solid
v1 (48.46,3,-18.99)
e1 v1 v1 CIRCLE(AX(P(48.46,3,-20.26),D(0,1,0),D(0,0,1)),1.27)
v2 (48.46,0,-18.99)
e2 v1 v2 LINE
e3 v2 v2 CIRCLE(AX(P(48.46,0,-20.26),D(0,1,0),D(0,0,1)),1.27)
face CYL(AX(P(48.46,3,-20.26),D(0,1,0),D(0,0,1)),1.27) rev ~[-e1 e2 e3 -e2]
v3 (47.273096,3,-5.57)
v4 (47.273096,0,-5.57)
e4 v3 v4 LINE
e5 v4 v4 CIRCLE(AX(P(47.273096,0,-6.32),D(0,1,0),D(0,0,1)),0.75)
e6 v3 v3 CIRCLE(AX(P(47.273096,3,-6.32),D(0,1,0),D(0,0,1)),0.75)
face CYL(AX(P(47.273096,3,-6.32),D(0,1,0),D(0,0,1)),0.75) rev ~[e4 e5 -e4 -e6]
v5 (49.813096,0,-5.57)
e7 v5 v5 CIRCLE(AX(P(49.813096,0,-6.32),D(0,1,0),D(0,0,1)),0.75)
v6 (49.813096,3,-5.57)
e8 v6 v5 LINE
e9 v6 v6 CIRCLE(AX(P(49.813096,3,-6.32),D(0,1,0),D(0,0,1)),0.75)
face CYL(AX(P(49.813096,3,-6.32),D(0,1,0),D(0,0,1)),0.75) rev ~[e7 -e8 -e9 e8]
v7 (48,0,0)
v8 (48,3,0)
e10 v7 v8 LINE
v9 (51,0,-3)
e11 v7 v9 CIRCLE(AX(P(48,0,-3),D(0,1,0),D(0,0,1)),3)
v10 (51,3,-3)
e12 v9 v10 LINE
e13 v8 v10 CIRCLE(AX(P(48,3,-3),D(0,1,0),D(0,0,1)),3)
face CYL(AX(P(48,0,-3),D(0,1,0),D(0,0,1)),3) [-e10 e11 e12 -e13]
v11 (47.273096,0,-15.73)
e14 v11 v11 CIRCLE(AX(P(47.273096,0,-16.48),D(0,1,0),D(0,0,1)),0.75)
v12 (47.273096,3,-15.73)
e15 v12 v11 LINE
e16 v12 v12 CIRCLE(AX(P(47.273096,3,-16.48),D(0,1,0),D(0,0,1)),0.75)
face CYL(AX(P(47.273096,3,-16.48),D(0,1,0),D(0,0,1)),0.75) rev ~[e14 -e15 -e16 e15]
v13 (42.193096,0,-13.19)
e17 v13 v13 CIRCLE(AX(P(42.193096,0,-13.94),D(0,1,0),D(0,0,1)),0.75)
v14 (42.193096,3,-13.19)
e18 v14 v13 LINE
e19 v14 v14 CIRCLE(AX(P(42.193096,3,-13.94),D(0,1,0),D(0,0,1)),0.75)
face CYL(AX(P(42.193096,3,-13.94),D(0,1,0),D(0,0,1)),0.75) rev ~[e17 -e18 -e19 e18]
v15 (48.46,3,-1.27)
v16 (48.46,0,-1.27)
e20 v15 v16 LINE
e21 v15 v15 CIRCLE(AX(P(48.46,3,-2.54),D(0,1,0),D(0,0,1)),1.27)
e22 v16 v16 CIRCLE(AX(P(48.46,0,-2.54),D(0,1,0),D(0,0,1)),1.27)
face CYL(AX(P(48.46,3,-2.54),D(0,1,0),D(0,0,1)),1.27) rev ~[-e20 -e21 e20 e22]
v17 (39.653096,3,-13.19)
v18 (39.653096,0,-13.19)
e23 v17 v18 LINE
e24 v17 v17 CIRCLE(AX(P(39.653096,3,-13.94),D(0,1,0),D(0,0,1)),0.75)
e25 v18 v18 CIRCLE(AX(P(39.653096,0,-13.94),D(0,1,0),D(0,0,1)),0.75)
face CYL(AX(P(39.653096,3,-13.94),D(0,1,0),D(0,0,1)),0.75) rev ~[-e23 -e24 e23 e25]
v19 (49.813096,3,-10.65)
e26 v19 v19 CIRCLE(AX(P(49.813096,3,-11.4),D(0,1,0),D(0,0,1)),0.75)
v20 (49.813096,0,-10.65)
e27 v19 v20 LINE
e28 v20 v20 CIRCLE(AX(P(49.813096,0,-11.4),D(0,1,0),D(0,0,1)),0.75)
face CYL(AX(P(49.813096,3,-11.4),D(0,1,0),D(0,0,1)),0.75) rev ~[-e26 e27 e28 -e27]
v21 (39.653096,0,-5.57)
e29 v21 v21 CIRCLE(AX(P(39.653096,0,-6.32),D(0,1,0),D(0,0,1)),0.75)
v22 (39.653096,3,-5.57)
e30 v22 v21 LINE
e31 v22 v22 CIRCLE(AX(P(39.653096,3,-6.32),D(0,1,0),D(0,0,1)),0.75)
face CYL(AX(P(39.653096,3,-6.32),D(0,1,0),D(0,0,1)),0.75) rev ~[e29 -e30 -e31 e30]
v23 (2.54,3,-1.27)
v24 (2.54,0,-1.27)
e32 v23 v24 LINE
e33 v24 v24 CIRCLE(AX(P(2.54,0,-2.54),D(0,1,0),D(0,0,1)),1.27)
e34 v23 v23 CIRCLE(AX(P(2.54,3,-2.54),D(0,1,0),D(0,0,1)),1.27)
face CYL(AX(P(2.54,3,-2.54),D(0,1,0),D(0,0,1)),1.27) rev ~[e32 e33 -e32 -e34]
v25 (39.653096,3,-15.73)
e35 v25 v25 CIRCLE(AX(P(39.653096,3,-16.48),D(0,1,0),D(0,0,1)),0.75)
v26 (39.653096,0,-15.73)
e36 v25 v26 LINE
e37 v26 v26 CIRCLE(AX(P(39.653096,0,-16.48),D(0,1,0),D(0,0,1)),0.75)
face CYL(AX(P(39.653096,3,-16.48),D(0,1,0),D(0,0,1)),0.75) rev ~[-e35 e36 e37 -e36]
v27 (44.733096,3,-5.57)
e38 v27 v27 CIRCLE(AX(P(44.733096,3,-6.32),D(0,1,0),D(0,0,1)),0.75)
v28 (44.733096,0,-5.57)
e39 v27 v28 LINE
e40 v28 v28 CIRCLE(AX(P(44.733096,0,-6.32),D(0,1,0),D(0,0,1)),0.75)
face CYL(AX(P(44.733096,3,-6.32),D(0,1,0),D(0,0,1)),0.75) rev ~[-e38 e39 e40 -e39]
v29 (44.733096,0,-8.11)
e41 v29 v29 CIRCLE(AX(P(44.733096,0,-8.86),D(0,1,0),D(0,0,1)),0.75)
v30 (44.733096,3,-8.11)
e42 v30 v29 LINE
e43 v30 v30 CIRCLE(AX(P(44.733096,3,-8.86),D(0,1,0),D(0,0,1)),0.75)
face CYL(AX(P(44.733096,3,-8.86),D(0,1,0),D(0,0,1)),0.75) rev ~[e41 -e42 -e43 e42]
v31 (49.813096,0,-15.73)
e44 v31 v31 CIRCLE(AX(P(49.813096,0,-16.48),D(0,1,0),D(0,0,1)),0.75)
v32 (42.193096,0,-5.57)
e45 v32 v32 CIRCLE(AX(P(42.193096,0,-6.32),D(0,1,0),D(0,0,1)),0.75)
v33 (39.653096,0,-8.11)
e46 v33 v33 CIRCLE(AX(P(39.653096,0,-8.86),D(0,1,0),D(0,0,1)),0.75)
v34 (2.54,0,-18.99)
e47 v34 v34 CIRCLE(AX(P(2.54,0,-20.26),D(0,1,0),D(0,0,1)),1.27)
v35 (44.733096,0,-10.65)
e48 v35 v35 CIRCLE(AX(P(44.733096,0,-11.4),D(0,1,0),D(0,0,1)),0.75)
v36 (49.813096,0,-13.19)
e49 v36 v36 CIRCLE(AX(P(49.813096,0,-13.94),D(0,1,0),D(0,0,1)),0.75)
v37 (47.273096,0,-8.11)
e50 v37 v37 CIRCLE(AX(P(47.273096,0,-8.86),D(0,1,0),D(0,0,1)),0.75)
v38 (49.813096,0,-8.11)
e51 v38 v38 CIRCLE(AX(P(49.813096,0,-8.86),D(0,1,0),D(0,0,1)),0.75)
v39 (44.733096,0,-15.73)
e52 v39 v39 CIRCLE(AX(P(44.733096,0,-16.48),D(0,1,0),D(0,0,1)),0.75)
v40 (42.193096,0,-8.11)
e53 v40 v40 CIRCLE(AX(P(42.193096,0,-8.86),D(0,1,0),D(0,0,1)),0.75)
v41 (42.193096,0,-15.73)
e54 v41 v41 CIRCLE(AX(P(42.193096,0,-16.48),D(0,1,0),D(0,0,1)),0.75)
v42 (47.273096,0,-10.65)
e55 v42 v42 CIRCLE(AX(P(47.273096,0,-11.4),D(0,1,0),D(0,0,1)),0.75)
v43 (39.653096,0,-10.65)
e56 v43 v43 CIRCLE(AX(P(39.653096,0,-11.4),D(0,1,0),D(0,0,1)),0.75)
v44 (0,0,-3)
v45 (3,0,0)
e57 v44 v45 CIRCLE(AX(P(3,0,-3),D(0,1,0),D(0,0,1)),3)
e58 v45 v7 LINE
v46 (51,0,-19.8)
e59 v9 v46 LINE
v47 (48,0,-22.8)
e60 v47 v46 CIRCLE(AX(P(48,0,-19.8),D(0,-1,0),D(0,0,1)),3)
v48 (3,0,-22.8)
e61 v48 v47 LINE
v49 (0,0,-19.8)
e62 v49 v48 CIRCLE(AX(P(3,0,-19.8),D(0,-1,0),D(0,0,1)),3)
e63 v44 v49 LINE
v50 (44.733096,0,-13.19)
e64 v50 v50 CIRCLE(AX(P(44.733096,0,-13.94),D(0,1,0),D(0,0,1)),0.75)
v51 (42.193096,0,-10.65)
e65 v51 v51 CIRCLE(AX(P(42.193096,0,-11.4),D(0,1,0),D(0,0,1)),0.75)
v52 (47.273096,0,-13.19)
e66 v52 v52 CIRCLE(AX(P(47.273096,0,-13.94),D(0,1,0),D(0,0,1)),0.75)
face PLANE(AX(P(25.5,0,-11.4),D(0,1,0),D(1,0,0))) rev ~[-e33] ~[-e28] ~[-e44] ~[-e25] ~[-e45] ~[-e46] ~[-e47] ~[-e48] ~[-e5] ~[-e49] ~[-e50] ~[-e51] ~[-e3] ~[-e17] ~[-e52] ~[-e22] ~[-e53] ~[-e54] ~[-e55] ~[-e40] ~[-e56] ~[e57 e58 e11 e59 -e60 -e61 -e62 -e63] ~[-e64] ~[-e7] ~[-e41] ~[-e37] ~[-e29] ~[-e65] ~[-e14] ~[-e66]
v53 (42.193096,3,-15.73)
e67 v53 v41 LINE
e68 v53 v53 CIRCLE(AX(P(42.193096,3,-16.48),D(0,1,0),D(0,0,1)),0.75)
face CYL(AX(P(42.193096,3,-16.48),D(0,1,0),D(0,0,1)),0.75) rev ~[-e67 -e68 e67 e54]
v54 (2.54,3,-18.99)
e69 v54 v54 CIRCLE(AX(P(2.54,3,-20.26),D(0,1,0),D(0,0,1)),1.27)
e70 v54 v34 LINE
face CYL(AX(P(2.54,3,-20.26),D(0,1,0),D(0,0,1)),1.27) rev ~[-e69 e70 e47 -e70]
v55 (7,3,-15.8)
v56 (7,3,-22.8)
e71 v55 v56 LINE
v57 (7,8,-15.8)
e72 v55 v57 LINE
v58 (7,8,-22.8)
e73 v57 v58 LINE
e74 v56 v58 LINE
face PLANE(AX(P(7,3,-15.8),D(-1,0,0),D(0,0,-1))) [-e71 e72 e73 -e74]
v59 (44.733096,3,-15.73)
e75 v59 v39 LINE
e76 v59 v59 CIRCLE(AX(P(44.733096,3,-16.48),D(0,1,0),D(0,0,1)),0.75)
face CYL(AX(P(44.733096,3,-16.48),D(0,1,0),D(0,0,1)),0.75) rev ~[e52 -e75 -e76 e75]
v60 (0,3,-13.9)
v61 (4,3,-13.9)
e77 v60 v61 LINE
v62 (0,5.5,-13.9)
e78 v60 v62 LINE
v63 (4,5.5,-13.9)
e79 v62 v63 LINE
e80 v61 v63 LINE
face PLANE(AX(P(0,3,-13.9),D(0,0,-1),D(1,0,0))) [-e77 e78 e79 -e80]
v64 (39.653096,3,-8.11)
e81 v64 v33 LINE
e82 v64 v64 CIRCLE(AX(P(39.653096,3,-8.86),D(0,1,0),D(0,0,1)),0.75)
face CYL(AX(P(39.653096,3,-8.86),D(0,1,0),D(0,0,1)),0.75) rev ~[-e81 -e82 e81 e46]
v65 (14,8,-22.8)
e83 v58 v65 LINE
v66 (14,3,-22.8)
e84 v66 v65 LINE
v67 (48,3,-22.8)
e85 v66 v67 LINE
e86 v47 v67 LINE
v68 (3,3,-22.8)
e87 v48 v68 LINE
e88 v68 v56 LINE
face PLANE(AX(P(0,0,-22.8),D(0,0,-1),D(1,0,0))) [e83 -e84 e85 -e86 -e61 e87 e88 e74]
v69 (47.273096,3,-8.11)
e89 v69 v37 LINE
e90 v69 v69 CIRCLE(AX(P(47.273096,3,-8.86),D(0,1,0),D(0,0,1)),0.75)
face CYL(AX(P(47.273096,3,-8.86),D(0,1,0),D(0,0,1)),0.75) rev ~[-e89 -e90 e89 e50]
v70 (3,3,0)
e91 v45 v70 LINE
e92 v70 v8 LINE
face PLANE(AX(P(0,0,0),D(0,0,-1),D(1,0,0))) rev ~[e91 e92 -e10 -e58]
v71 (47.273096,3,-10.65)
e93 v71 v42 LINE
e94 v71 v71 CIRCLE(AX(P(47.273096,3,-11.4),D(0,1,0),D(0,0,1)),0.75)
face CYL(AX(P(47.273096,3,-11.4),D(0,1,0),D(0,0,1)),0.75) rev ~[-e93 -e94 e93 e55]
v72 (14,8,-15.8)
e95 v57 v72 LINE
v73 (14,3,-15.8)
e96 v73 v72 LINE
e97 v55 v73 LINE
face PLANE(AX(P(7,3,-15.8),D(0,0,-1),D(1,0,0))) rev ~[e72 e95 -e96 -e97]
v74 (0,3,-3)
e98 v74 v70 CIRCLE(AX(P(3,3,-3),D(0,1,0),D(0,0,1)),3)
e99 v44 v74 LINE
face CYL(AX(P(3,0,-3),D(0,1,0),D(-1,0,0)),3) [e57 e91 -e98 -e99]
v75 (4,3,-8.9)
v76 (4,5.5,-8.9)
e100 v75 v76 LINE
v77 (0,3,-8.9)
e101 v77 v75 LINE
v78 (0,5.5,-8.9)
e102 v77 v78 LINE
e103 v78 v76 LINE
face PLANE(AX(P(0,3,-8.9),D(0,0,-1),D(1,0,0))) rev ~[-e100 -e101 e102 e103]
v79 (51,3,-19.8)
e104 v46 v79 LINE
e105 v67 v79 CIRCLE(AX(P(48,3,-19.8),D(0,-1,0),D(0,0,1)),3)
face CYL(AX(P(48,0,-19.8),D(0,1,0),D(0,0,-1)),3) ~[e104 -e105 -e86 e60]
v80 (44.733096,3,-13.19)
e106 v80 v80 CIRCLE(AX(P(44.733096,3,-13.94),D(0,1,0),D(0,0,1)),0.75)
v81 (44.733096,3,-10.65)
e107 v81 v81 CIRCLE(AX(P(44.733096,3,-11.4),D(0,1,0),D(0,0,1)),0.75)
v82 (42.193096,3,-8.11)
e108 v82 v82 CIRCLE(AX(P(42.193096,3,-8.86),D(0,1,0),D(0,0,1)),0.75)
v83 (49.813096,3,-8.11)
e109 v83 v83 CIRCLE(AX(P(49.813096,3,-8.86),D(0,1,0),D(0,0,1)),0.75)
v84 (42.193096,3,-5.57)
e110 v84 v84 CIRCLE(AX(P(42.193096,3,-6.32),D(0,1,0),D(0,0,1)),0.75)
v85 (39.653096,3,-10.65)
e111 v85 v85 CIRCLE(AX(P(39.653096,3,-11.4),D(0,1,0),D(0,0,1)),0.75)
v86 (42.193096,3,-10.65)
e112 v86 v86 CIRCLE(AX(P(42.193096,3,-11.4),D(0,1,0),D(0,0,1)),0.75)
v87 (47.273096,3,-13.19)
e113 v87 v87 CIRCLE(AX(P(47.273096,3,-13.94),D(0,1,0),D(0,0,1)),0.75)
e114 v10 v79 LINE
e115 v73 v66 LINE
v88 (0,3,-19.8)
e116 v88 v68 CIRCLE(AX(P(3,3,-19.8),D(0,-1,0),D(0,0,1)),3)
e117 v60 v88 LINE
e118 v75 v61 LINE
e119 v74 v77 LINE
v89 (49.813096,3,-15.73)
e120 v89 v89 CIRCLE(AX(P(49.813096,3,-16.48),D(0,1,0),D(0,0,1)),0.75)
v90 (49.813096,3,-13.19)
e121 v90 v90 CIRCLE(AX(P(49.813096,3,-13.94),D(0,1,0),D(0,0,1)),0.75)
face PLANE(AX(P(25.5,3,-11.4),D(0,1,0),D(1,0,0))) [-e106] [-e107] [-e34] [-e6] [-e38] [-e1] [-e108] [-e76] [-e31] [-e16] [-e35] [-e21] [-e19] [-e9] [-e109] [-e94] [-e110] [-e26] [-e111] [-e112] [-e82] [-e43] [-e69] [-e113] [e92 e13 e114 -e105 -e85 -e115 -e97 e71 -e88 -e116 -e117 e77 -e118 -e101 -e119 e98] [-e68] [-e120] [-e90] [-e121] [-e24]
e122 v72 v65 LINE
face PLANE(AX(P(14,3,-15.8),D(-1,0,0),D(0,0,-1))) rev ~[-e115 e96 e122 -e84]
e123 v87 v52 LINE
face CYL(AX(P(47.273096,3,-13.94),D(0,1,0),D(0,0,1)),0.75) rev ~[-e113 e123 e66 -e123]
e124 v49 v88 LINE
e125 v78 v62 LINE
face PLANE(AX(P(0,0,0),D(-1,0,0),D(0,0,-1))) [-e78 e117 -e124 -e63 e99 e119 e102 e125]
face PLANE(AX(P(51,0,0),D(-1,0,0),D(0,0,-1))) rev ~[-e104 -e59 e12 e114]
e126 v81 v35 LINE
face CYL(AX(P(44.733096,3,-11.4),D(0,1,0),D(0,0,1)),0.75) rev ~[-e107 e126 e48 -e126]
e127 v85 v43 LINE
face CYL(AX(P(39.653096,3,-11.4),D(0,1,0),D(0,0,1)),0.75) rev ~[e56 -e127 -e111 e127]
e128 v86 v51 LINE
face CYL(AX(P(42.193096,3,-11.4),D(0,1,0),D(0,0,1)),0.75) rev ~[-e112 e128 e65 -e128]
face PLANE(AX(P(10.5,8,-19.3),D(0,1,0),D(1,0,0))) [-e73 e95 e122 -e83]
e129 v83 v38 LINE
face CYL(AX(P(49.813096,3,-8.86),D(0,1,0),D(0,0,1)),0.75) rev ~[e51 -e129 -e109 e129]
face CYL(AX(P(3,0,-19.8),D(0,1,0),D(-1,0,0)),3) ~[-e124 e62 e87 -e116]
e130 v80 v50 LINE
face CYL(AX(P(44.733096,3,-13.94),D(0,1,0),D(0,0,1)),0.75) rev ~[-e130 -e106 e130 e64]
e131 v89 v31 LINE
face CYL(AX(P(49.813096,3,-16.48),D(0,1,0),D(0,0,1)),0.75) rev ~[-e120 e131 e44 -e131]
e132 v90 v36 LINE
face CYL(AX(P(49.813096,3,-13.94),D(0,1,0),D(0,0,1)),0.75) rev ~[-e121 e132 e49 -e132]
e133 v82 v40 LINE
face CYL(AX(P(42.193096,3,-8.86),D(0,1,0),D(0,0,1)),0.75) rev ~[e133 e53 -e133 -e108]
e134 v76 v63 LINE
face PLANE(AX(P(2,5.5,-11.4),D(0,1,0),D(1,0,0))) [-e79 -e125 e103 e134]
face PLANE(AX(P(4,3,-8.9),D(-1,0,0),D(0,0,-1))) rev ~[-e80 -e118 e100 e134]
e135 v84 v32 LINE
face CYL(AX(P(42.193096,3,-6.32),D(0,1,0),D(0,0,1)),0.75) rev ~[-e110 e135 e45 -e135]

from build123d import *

# Parameters (mm, degrees)
SKETCH1_W           = 51
SKETCH1_H           = 22.8
BOSS_EXTRUDE1_DEPTH = 3
SKETCH2_W           = 4
SKETCH2_H           = 5
BOSS_EXTRUDE2_DEPTH = 2.5
SKETCH3_W           = 7
SKETCH3_H           = 7
BOSS_EXTRUDE3_DEPTH = 5
SKETCH4_R           = 1.27
CUT_EXTRUDE1_DEPTH  = 57.087788332
FILLET1_R           = 3
SKETCH5_R           = 0.75
CUT_EXTRUDE2_DEPTH  = 57.087788332


with BuildPart() as part:
    # Sketch1 → Boss-Extrude1 (new body)
    with BuildSketch(Plane(origin=(0, 0, 0), x_dir=(1, 0, 0), z_dir=(0, 1, 0))):
        with Locations((25.5, 11.4)):
            Rectangle(SKETCH1_W, SKETCH1_H)
    extrude(amount=BOSS_EXTRUDE1_DEPTH)

    # Sketch2 → Boss-Extrude2 (add)
    with BuildSketch(Plane(origin=(0, 3, 0), x_dir=(1, 0, 0), z_dir=(0, 1, 0))):
        with Locations((2, 11.4)):
            Rectangle(SKETCH2_W, SKETCH2_H)
    extrude(amount=BOSS_EXTRUDE2_DEPTH)

    # Sketch3 → Boss-Extrude3 (add)
    with BuildSketch(Plane(origin=(0, 3, 0), x_dir=(1, 0, 0), z_dir=(0, 1, 0))):
        with Locations((10.5, 19.3)):
            Rectangle(SKETCH3_W, SKETCH3_H)
    extrude(amount=BOSS_EXTRUDE3_DEPTH)

    # Sketch4 → Cut-Extrude1 (cut, through all)
    with BuildSketch(Plane(origin=(0, 3, 0), x_dir=(1, 0, 0), z_dir=(0, 1, 0))):
        with Locations(Location((2.54, 20.26, 0), (0, 0, 270))):
            Circle(SKETCH4_R)
        with Locations(Location((2.54, 2.54, 0), (0, 0, 270))):
            Circle(SKETCH4_R)
        with Locations(Location((48.46, 20.26, 0), (0, 0, 270))):
            Circle(SKETCH4_R)
        with Locations(Location((48.46, 2.54, 0), (0, 0, 270))):
            Circle(SKETCH4_R)
    extrude(amount=-CUT_EXTRUDE1_DEPTH, mode=Mode.SUBTRACT)

    # Fillet1
    fillet1_edges = [part.edges().sort_by_distance(p)[0] for p in [
        (0, 1.5, 0),
        (0, 1.5, -22.8),
        (51, 1.5, -22.8),
        (51, 1.5, 0),
    ]]
    fillet(fillet1_edges, radius=FILLET1_R)

    # Sketch5 → Cut-Extrude2 (cut, through all)
    with BuildSketch(Plane(origin=(0, 3, 0), x_dir=(1, 0, 0), z_dir=(0, 1, 0))):
        with Locations(Location((47.27309584, 6.32, 0), (0, 0, 270))):
            Circle(SKETCH5_R)
        with Locations(Location((49.81309584, 8.86, 0), (0, 0, 270))):
            Circle(SKETCH5_R)
        with Locations(Location((44.73309584, 16.48, 0), (0, 0, 270))):
            Circle(SKETCH5_R)
        with Locations(Location((39.65309584, 6.32, 0), (0, 0, 270))):
            Circle(SKETCH5_R)
        with Locations(Location((42.19309584, 6.32, 0), (0, 0, 270))):
            Circle(SKETCH5_R)
        with Locations(Location((44.73309584, 6.32, 0), (0, 0, 270))):
            Circle(SKETCH5_R)
        with Locations(Location((49.81309584, 6.32, 0), (0, 0, 270))):
            Circle(SKETCH5_R)
        with Locations(Location((47.27309584, 8.86, 0), (0, 0, 270))):
            Circle(SKETCH5_R)
        with Locations(Location((44.73309584, 8.86, 0), (0, 0, 270))):
            Circle(SKETCH5_R)
        with Locations(Location((42.19309584, 8.86, 0), (0, 0, 270))):
            Circle(SKETCH5_R)
        with Locations(Location((39.65309584, 8.86, 0), (0, 0, 270))):
            Circle(SKETCH5_R)
        with Locations(Location((39.65309584, 11.4, 0), (0, 0, 270))):
            Circle(SKETCH5_R)
        with Locations(Location((42.19309584, 11.4, 0), (0, 0, 270))):
            Circle(SKETCH5_R)
        with Locations(Location((44.73309584, 11.4, 0), (0, 0, 270))):
            Circle(SKETCH5_R)
        with Locations(Location((47.27309584, 11.4, 0), (0, 0, 270))):
            Circle(SKETCH5_R)
        with Locations(Location((49.81309584, 11.4, 0), (0, 0, 270))):
            Circle(SKETCH5_R)
        with Locations(Location((49.81309584, 13.94, 0), (0, 0, 270))):
            Circle(SKETCH5_R)
        with Locations(Location((47.27309584, 13.94, 0), (0, 0, 270))):
            Circle(SKETCH5_R)
        with Locations(Location((44.73309584, 13.94, 0), (0, 0, 270))):
            Circle(SKETCH5_R)
        with Locations(Location((42.19309584, 13.94, 0), (0, 0, 270))):
            Circle(SKETCH5_R)
        with Locations(Location((39.65309584, 13.94, 0), (0, 0, 270))):
            Circle(SKETCH5_R)
        with Locations(Location((39.65309584, 16.48, 0), (0, 0, 270))):
            Circle(SKETCH5_R)
        with Locations(Location((42.19309584, 16.48, 0), (0, 0, 270))):
            Circle(SKETCH5_R)
        with Locations(Location((47.27309584, 16.48, 0), (0, 0, 270))):
            Circle(SKETCH5_R)
        with Locations(Location((49.81309584, 16.48, 0), (0, 0, 270))):
            Circle(SKETCH5_R)
    extrude(amount=-CUT_EXTRUDE2_DEPTH, mode=Mode.SUBTRACT)


solid = part.part
